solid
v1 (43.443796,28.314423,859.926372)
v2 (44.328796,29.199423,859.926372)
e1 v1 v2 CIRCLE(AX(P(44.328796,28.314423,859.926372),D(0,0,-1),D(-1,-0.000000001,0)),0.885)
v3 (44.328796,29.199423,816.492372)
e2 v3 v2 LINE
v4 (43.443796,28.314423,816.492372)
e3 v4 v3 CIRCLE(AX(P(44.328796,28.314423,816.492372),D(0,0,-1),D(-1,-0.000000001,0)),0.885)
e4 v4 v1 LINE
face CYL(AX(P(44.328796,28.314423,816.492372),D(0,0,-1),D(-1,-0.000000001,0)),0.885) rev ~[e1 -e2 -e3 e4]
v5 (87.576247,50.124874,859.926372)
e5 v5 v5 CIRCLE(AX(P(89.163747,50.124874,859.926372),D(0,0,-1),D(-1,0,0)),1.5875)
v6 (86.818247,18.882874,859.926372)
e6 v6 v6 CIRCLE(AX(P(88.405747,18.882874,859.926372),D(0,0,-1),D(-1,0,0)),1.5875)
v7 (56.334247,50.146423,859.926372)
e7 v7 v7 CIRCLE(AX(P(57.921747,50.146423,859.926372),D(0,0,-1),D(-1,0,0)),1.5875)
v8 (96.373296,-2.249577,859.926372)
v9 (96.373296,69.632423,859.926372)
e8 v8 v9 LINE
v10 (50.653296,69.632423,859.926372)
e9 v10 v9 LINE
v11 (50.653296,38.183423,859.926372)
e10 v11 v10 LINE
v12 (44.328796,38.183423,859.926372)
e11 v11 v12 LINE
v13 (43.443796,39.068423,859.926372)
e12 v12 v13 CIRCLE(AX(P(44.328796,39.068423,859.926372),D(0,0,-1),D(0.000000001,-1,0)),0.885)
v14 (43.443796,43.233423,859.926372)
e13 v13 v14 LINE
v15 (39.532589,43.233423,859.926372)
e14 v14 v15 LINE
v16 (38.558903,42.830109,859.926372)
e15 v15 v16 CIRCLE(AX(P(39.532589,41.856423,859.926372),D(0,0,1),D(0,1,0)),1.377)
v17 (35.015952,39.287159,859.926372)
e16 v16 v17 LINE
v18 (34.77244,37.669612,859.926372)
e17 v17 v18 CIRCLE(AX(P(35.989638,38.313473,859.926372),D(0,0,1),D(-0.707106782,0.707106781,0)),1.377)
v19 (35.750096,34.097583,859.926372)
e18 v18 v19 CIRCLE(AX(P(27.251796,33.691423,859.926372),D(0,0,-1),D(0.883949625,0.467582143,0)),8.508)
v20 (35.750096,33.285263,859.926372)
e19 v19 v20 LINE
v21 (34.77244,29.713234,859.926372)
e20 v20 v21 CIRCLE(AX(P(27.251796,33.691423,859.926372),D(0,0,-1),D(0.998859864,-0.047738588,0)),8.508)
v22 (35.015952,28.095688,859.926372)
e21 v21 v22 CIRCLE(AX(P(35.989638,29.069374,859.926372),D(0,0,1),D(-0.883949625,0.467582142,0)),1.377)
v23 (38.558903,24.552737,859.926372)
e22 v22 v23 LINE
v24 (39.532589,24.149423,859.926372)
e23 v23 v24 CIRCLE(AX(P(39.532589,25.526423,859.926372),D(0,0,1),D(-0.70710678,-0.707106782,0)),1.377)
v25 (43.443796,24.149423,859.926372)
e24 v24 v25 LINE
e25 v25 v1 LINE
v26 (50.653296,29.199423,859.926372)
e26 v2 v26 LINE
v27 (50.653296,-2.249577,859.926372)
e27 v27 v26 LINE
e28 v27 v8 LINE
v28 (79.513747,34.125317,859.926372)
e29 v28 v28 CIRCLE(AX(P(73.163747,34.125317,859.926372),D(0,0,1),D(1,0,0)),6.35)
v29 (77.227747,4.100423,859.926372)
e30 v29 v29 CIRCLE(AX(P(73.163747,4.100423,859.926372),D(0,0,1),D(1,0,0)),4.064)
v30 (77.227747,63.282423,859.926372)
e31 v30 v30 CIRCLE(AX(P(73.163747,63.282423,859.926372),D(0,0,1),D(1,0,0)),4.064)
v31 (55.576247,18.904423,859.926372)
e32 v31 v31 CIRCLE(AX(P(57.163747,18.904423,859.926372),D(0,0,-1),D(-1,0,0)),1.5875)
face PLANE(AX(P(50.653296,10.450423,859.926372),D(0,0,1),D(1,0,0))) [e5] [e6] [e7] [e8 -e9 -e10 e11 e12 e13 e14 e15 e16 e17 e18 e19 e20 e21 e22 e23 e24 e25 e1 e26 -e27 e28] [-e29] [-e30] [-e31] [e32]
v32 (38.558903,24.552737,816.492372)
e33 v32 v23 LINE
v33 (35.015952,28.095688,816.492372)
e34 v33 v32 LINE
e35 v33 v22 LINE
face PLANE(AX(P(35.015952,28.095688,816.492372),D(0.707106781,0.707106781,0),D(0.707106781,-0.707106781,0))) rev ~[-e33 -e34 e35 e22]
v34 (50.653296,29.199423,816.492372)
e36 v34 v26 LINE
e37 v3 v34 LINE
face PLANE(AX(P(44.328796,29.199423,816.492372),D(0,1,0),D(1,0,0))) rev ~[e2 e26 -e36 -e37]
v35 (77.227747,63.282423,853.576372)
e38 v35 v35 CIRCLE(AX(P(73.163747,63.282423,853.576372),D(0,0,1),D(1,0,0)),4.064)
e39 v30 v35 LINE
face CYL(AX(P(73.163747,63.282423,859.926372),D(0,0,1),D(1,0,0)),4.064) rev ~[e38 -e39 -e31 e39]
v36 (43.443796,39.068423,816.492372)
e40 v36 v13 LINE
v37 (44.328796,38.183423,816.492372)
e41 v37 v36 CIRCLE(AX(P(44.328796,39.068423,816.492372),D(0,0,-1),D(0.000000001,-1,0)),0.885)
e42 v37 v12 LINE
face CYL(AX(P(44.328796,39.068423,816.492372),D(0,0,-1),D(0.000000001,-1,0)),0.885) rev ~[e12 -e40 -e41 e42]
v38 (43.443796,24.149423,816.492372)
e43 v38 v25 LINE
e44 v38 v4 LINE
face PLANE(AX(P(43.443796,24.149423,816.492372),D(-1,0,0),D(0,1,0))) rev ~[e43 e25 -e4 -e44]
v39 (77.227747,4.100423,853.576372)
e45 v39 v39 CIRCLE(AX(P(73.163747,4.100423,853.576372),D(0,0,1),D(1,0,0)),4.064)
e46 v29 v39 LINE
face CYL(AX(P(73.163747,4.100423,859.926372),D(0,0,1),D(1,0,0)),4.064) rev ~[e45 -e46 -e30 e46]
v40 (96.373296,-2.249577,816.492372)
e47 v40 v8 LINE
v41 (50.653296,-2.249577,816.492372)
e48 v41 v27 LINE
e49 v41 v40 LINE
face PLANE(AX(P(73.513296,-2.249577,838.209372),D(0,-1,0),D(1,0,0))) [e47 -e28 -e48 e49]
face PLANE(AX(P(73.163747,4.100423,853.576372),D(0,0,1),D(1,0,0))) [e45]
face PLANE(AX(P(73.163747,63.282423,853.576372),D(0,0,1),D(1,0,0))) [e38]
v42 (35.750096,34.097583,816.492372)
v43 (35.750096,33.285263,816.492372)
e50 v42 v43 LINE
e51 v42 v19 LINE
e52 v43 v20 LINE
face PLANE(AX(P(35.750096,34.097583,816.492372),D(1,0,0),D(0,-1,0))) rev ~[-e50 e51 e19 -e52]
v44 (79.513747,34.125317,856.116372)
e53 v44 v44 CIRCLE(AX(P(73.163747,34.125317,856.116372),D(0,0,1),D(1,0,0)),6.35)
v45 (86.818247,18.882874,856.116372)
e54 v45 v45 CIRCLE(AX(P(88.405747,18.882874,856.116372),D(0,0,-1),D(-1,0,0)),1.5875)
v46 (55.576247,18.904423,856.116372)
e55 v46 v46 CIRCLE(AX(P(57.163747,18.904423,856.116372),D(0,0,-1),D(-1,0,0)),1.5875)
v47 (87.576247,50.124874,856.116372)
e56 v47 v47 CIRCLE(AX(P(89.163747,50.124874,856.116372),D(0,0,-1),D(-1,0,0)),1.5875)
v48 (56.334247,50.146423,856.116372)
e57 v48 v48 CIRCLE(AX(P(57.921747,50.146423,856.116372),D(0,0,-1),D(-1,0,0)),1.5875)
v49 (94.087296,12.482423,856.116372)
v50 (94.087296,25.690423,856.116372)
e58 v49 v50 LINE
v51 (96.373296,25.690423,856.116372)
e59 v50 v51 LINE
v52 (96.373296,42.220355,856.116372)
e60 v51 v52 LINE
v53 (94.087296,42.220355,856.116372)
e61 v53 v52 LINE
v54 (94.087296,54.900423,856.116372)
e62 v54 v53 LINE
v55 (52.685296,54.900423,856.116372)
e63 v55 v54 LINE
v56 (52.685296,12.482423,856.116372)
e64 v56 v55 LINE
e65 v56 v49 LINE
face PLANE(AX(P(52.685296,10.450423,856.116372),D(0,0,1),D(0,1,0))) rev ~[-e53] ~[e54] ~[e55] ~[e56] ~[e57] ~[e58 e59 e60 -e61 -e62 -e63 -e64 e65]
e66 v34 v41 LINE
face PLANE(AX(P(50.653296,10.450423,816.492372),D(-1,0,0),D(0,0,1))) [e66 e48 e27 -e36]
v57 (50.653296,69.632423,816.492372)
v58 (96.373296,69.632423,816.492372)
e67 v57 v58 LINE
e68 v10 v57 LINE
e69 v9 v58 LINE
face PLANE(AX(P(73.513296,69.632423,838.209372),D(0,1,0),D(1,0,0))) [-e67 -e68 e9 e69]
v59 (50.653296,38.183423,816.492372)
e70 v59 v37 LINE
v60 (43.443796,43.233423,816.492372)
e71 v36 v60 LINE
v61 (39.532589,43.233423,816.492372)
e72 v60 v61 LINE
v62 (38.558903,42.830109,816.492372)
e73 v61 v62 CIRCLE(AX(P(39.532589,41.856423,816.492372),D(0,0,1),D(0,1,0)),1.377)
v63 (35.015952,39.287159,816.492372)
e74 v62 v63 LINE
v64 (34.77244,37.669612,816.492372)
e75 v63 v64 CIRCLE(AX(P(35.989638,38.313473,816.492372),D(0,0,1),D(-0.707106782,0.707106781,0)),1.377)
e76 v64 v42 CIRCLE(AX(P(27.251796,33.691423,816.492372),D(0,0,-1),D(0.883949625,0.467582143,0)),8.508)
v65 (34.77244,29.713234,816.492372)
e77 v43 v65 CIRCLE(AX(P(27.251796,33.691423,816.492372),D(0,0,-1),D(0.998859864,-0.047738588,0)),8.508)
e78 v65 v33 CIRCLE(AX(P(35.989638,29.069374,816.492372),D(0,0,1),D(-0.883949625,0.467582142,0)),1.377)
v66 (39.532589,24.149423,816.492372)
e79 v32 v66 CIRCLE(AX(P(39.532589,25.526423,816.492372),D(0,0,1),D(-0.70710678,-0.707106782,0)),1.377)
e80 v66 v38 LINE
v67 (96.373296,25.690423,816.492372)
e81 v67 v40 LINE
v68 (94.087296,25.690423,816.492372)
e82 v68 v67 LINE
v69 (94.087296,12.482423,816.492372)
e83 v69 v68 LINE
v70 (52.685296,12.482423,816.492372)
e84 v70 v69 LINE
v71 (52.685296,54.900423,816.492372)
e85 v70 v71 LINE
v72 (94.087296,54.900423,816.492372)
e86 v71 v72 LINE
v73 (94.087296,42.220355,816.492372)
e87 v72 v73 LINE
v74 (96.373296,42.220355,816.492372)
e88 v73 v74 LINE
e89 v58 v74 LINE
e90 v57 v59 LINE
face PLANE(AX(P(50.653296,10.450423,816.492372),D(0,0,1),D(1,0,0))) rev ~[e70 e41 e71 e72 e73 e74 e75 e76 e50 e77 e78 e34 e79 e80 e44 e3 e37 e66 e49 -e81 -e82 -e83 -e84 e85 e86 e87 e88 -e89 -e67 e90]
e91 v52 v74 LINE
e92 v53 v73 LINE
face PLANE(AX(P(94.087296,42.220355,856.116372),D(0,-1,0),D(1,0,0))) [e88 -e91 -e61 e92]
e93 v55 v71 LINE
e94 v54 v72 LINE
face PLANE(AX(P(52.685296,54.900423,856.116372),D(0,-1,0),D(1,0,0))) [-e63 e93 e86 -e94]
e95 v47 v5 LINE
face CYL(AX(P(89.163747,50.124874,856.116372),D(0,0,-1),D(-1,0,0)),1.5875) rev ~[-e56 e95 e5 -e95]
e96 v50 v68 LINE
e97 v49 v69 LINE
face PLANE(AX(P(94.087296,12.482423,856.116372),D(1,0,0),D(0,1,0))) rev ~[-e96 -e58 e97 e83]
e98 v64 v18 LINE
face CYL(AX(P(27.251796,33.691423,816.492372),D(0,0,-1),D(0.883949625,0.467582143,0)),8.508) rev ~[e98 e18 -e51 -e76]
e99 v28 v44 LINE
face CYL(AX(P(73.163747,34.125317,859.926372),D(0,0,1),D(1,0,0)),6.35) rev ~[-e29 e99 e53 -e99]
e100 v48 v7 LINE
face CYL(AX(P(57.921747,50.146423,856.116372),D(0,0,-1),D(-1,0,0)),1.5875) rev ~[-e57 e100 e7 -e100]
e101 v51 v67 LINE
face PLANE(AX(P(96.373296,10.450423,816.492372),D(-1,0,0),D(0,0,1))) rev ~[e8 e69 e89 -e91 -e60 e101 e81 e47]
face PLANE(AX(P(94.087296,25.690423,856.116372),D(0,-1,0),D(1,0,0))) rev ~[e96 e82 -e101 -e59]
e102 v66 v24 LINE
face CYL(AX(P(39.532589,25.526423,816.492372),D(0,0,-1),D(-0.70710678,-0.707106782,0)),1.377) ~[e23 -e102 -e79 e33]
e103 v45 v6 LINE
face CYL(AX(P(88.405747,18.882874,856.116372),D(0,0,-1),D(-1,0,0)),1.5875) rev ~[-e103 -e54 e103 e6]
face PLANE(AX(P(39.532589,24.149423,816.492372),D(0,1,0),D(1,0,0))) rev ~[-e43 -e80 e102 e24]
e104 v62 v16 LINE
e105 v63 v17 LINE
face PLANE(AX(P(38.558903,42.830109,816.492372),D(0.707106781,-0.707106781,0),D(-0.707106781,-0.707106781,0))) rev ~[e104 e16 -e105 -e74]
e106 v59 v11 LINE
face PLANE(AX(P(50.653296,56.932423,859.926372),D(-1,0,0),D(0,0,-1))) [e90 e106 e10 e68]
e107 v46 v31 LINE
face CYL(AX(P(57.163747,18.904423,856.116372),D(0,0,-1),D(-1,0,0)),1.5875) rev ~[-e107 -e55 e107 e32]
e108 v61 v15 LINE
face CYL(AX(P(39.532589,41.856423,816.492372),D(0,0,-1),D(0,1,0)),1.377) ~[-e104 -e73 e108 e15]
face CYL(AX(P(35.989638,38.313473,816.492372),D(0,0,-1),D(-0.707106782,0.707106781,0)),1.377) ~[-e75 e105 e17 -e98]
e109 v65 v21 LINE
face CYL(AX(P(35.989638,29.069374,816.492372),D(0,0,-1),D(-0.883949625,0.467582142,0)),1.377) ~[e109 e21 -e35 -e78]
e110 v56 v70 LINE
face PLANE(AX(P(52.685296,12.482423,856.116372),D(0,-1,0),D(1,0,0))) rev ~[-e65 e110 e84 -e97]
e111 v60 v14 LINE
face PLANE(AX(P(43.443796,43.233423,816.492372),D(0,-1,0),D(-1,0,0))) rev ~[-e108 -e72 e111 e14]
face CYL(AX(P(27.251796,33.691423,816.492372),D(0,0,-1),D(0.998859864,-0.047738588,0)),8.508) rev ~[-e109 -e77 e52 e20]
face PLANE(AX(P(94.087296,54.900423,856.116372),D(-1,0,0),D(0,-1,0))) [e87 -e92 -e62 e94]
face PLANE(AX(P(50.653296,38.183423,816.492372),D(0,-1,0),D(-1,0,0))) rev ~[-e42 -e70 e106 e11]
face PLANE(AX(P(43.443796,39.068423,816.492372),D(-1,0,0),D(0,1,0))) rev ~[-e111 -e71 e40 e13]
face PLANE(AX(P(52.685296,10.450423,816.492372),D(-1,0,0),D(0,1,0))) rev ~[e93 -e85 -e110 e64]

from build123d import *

# Parameters (mm, degrees)
BOSS_EXTRUDE1_DEPTH = 43.434
SKETCH3_W           = 3.81
SKETCH3_H           = 46.482
BOSS_EXTRUDE2_DEPTH = 43.688
BOSS_EXTRUDE5_DEPTH = 39.624
SKETCH9_R           = 6.35
CUT_EXTRUDE1_DEPTH  = 44.434
SKETCH10_R          = 1.5875
CUT_EXTRUDE2_DEPTH  = 4.81
SKETCH12_W          = 45.72
SKETCH12_H          = 43.434
BOSS_EXTRUDE6_DEPTH = 12.7
SKETCH13_W          = 45.72
SKETCH13_H          = 43.434
BOSS_EXTRUDE7_DEPTH = 12.7
SKETCH14_R          = 4.064
CUT_EXTRUDE3_DEPTH  = 6.35


with BuildPart() as part:
    # Sketch2 → Boss-Extrude1 (new body)
    with BuildSketch(Plane.XY.offset(816.492372385)):
        with BuildLine():
            Line((35.750095932, 34.097582937), (35.750095932, 33.285263123))
            ThreePointArc((35.750095932, 33.285263123), (35.457981836, 31.445408446), (34.772439624, 29.71323416))
            ThreePointArc((34.772439624, 29.71323416), (34.62798184, 28.864383796), (35.01595222, 28.095687512))
            Line((35.01595222, 28.095687512), (38.55890274, 24.552736992))
            ThreePointArc((38.55890274, 24.552736992), (39.005633691, 24.254240914), (39.532588778, 24.14942303))
            Line((39.532588778, 24.14942303), (43.443796213, 24.14942303))
            Line((43.443796213, 24.14942303), (43.443796213, 28.31442303))
            ThreePointArc((43.443796213, 28.31442303), (43.703006711, 28.940212531), (44.328796213, 29.19942303))
            Line((44.328796213, 29.19942303), (48.113296213, 29.19942303))
            Line((48.113296213, 29.19942303), (50.653296213, 29.19942303))
            Line((50.653296213, 29.19942303), (50.653296213, 10.45042303))
            Line((50.653296213, 10.45042303), (52.685296213, 10.45042303))
            Line((52.685296213, 10.45042303), (52.685296213, 56.93242303))
            Line((52.685296213, 56.93242303), (50.653296213, 56.93242303))
            Line((50.653296213, 56.93242303), (50.653296213, 38.18342303))
            Line((50.653296213, 38.18342303), (48.113296213, 38.18342303))
            Line((48.113296213, 38.18342303), (44.328796213, 38.18342303))
            ThreePointArc((44.328796213, 38.18342303), (43.703006711, 38.442633529), (43.443796213, 39.06842303))
            Line((43.443796213, 39.06842303), (43.443796213, 43.23342303))
            Line((43.443796213, 43.23342303), (39.532588778, 43.23342303))
            ThreePointArc((39.532588778, 43.23342303), (39.005633691, 43.128605146), (38.55890274, 42.830109068))
            Line((38.55890274, 42.830109068), (35.01595222, 39.287158548))
            ThreePointArc((35.01595222, 39.287158548), (34.62798184, 38.518462264), (34.772439624, 37.6696119))
            ThreePointArc((34.772439624, 37.6696119), (35.457981836, 35.937437615), (35.750095932, 34.097582937))
        make_face()
    extrude(amount=BOSS_EXTRUDE1_DEPTH)

    # Sketch3 → Boss-Extrude2 (add)
    with BuildSketch(Plane(origin=(52.685296213, 0, 0), x_dir=(0, 0, -1), z_dir=(1, 0, 0))):
        with Locations((-858.021372385, 33.69142303)):
            Rectangle(SKETCH3_W, SKETCH3_H)
    extrude(amount=BOSS_EXTRUDE2_DEPTH)

    # Sketch8 → Boss-Extrude5 (add)
    with BuildSketch(Plane(origin=(0, 0, 856.116372385), x_dir=(-1, 0, 0), z_dir=(0, 0, -1))):
        Polygon((-96.373296213, 56.93242303), (-52.685296213, 56.93242303), (-52.685296213, 54.90042303), (-94.087296213, 54.90042303), (-94.087296213, 42.220354744), (-96.373296213, 42.220354744), (-96.373296213, 54.90042303), align=None)
        Polygon((-96.373296213, 10.45042303), (-52.685296213, 10.45042303), (-52.685296213, 12.48242303), (-94.087296213, 12.48242303), (-94.087296213, 25.69042303), (-96.373296213, 25.69042303), (-96.373296213, 12.48242303), align=None)
    extrude(amount=BOSS_EXTRUDE5_DEPTH)

    # Sketch9 → Cut-Extrude1 (cut, through all)
    with BuildSketch(Plane.XY.offset(859.926372385)):
        with Locations((73.163747061, 34.125316724)):
            Circle(SKETCH9_R)
    extrude(amount=-CUT_EXTRUDE1_DEPTH, mode=Mode.SUBTRACT)

    # Sketch10 → Cut-Extrude2 (cut, through all)
    with BuildSketch(Plane(origin=(0, 0, 856.116372385), x_dir=(-1, 0, 0), z_dir=(0, 0, -1))):
        with Locations((-89.163747266, 50.124873673)):
            Circle(SKETCH10_R)
        with Locations((-57.921747266, 50.14642303)):
            Circle(SKETCH10_R)
        with Locations((-57.163746856, 18.90442303)):
            Circle(SKETCH10_R)
        with Locations((-88.405746856, 18.882873673)):
            Circle(SKETCH10_R)
    extrude(amount=-CUT_EXTRUDE2_DEPTH, mode=Mode.SUBTRACT)

    # Sketch12 → Boss-Extrude6 (add)
    with BuildSketch(Plane(origin=(0, 56.93242303, 0), x_dir=(1, 0, 0), z_dir=(0, 1, 0))):
        with Locations((73.513296213, -838.209372385)):
            Rectangle(SKETCH12_W, SKETCH12_H)
    extrude(amount=BOSS_EXTRUDE6_DEPTH)

    # Sketch13 → Boss-Extrude7 (add)
    with BuildSketch(Plane.XZ.offset(-10.45042303)):
        with Locations((73.513296213, 838.209372385)):
            Rectangle(SKETCH13_W, SKETCH13_H)
    extrude(amount=BOSS_EXTRUDE7_DEPTH)

    # Sketch14 → Cut-Extrude3 (cut)
    with BuildSketch(Plane.XY.offset(859.926372385)):
        with Locations((73.163747061, 63.28242303)):
            Circle(SKETCH14_R)
        with Locations((73.163747061, 4.10042303)):
            Circle(SKETCH14_R)
    extrude(amount=-CUT_EXTRUDE3_DEPTH, mode=Mode.SUBTRACT)


solid = part.part
